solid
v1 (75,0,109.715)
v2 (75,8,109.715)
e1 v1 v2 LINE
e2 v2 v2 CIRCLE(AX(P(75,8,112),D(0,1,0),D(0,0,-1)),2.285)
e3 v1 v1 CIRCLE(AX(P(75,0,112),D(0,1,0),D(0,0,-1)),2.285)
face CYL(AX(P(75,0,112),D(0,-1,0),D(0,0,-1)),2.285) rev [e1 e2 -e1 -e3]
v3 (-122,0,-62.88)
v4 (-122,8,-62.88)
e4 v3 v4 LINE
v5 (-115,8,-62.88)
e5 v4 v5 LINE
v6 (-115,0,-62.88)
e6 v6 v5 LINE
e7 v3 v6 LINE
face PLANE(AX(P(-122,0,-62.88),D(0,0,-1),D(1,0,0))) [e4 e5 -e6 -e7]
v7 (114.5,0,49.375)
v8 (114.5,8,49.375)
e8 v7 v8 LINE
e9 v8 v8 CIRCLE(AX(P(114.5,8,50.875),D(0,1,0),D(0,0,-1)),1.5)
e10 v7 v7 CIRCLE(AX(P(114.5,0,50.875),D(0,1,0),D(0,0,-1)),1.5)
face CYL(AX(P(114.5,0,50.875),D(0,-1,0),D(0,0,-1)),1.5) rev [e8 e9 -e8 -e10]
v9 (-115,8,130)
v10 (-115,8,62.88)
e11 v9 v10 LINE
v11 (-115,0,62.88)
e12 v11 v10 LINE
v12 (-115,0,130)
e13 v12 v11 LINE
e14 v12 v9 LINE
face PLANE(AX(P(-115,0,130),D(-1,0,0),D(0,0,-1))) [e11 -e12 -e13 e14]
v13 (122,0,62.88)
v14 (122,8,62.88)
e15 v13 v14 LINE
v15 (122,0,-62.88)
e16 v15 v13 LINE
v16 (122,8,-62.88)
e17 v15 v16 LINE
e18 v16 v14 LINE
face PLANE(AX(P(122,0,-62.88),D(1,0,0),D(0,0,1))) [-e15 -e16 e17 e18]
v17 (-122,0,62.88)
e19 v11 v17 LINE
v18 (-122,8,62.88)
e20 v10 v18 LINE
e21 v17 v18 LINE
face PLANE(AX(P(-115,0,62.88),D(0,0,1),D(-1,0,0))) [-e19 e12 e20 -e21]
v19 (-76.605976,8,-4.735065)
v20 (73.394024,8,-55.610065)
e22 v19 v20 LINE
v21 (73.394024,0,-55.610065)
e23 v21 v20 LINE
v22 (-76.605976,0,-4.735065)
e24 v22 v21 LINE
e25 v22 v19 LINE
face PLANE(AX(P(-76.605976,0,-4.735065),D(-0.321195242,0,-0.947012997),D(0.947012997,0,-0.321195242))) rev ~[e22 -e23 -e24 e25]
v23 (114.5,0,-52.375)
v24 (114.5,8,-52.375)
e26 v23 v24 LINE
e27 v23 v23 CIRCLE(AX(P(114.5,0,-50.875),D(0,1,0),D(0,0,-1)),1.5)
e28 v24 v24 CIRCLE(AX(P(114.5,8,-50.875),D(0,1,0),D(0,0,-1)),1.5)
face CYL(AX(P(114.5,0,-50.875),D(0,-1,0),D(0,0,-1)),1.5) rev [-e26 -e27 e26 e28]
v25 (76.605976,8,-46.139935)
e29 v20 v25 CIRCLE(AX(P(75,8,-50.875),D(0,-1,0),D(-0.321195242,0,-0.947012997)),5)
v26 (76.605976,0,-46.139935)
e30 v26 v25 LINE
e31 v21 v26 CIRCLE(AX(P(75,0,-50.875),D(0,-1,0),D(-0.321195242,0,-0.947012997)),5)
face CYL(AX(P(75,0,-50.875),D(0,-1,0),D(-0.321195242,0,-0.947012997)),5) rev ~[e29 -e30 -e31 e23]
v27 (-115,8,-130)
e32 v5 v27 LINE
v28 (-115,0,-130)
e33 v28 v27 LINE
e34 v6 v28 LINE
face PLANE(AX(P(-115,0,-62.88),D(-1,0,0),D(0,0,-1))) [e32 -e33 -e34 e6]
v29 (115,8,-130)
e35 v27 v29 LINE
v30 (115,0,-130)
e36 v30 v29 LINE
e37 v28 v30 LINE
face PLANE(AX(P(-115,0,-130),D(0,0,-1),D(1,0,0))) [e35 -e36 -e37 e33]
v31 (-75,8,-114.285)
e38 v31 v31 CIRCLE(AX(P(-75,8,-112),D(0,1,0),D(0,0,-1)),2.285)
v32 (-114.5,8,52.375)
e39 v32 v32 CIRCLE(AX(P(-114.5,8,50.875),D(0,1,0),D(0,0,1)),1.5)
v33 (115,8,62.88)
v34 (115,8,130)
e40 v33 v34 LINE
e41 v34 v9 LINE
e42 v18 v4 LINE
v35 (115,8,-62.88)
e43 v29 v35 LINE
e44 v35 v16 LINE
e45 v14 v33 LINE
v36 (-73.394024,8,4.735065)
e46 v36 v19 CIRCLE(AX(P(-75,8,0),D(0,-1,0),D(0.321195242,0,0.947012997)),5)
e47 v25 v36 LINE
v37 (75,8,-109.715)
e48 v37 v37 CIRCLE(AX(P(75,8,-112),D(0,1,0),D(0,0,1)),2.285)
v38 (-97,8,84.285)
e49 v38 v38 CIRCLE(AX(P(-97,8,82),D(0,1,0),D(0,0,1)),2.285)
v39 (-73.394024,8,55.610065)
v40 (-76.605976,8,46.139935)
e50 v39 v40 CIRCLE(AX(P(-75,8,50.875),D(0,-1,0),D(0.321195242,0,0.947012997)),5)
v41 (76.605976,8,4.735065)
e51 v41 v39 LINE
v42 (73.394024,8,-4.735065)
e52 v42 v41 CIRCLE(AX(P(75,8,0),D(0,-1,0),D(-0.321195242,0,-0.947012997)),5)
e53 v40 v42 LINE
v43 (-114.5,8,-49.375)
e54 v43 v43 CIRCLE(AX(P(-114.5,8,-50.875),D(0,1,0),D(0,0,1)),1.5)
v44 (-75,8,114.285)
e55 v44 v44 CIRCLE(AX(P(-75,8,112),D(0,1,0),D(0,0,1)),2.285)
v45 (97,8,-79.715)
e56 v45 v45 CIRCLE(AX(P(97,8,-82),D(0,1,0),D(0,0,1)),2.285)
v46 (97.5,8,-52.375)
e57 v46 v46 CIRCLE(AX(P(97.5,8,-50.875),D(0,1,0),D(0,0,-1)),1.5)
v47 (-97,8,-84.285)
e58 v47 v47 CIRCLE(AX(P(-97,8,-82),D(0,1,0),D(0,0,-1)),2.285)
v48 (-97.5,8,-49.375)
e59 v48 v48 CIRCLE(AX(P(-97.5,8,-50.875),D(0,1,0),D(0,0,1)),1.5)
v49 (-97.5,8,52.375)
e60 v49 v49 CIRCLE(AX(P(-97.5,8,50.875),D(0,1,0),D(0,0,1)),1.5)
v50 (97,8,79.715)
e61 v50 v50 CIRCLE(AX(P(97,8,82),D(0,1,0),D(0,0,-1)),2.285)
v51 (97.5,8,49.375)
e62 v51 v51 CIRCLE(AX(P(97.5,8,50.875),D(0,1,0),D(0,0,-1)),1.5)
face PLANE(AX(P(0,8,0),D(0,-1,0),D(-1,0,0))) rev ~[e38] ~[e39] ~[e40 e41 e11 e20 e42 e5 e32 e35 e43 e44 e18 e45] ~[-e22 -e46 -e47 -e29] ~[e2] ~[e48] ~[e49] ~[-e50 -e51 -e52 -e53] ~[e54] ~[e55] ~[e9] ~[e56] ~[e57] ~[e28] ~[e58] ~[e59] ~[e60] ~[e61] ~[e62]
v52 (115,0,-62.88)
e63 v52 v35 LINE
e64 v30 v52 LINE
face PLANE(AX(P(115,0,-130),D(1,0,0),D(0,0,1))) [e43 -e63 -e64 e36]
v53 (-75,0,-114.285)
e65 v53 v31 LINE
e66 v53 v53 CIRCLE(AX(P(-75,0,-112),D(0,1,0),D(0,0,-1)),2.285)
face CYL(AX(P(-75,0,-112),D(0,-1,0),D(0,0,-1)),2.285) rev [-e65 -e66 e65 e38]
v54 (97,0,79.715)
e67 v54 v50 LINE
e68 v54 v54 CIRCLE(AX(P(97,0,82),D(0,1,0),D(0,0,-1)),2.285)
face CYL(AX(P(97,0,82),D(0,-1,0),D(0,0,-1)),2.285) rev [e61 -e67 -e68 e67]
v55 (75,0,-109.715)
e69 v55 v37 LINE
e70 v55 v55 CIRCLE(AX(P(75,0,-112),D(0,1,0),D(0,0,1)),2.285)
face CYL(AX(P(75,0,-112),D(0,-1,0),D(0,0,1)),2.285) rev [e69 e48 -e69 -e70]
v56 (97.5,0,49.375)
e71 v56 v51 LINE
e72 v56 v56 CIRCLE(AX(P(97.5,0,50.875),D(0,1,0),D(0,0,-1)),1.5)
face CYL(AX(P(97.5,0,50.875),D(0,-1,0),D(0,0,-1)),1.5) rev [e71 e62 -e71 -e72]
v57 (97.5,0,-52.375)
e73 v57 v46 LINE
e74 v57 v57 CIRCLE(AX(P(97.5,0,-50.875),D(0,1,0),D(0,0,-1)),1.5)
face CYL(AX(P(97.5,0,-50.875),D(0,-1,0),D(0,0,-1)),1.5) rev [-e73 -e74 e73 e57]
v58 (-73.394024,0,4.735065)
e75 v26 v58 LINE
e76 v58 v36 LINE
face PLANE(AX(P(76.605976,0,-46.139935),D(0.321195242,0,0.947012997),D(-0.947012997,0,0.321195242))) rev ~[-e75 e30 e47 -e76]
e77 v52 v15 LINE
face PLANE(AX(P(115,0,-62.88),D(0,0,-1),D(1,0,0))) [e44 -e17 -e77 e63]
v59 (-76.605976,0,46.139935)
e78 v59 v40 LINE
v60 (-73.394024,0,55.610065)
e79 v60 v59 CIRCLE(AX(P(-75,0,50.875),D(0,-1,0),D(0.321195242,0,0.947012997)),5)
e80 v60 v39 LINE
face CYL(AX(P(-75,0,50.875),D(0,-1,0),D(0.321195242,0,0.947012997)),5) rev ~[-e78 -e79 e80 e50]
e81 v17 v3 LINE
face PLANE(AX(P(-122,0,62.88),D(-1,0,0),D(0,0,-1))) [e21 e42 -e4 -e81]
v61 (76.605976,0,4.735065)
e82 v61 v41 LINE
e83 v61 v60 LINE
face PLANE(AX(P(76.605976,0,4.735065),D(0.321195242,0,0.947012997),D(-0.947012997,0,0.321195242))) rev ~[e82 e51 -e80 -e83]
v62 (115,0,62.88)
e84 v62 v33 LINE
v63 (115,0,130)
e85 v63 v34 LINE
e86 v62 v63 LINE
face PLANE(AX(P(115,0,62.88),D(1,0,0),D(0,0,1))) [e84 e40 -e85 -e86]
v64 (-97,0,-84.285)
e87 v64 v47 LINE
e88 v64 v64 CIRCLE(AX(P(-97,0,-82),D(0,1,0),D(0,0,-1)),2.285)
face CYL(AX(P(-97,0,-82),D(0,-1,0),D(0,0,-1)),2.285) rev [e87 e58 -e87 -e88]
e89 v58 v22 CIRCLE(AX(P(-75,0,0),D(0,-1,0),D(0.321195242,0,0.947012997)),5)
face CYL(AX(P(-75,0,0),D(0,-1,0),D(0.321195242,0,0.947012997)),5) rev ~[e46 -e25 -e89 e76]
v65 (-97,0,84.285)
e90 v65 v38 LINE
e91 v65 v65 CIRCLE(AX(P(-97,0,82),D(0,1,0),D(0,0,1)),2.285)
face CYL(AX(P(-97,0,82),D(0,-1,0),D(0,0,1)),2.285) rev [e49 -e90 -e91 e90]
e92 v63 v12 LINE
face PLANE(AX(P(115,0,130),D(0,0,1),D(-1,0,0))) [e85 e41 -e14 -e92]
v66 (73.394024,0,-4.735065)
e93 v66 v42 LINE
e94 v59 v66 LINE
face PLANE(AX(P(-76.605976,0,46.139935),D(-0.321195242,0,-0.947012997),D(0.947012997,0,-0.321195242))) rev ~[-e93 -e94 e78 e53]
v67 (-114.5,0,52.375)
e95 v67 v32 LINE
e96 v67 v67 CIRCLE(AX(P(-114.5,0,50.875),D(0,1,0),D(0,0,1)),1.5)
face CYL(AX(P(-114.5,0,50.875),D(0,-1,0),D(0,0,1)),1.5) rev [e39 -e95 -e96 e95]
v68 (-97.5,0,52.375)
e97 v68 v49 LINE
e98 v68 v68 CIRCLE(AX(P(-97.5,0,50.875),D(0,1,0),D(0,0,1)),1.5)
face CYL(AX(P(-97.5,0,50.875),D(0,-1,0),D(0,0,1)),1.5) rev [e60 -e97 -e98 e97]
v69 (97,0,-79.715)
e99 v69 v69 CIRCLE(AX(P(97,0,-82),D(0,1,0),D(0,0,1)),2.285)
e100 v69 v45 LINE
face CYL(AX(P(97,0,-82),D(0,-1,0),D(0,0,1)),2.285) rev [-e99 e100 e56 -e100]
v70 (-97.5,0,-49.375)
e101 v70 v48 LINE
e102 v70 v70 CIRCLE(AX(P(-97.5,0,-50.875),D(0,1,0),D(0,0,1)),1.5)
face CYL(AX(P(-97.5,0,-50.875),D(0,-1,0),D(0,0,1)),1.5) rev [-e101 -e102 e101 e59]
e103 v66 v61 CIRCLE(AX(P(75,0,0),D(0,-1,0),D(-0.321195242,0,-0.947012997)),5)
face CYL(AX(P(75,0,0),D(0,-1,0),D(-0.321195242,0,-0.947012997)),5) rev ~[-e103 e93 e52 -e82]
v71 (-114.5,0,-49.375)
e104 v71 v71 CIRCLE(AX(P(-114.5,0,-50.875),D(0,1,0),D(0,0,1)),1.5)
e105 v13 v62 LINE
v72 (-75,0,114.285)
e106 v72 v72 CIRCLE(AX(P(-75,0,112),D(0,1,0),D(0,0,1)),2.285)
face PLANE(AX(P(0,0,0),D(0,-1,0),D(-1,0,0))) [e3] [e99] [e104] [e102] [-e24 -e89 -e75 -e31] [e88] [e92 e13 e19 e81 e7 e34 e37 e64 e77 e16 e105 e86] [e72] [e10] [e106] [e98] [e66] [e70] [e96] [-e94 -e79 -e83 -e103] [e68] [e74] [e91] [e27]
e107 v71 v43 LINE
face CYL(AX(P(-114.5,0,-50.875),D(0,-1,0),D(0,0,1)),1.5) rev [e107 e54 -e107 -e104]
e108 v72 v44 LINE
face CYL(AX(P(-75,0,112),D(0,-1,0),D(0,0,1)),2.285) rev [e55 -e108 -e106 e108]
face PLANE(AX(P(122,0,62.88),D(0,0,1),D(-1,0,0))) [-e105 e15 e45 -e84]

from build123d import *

# Parameters (mm, degrees)
SKETCH1_R           = 2.285
SKETCH1_R_2         = 1.5
BOSS_EXTRUDE1_DEPTH = 8


with BuildPart() as part:
    # Sketch1 → Boss-Extrude1 (new body)
    with BuildSketch(Plane(origin=(0, 0, 0), x_dir=(1, 0, 0), z_dir=(0, 1, 0))):
        Polygon((-115, 130), (115, 130), (115, 62.88), (122, 62.88), (122, -62.88), (115, -62.88), (115, -130), (-115, -130), (-115, -62.88), (-122, -62.88), (-122, 62.88), (-115, 62.88), align=None)
        with Locations(Location((-75, -112, 0), (0, 0, 270))):
            Circle(SKETCH1_R, mode=Mode.SUBTRACT)
        with Locations(Location((-97, -82, 0), (0, 0, 270))):
            Circle(SKETCH1_R, mode=Mode.SUBTRACT)
        with Locations(Location((97, -82, 0), (0, 0, 90))):
            Circle(SKETCH1_R, mode=Mode.SUBTRACT)
        with Locations(Location((75, -112, 0), (0, 0, 90))):
            Circle(SKETCH1_R, mode=Mode.SUBTRACT)
        with Locations(Location((75, 112, 0), (0, 0, 270))):
            Circle(SKETCH1_R, mode=Mode.SUBTRACT)
        with Locations(Location((97, 82, 0), (0, 0, 270))):
            Circle(SKETCH1_R, mode=Mode.SUBTRACT)
        with Locations(Location((-97, 82, 0), (0, 0, 90))):
            Circle(SKETCH1_R, mode=Mode.SUBTRACT)
        with Locations(Location((-75, 112, 0), (0, 0, 90))):
            Circle(SKETCH1_R, mode=Mode.SUBTRACT)
        with Locations(Location((-114.5, 50.875, 0), (0, 0, 270))):
            Circle(SKETCH1_R_2, mode=Mode.SUBTRACT)
        with Locations(Location((-97.5, 50.875, 0), (0, 0, 270))):
            Circle(SKETCH1_R_2, mode=Mode.SUBTRACT)
        with Locations(Location((-114.5, -50.875, 0), (0, 0, 270))):
            Circle(SKETCH1_R_2, mode=Mode.SUBTRACT)
        with Locations(Location((-97.5, -50.875, 0), (0, 0, 270))):
            Circle(SKETCH1_R_2, mode=Mode.SUBTRACT)
        with Locations(Location((97.5, -50.875, 0), (0, 0, 90))):
            Circle(SKETCH1_R_2, mode=Mode.SUBTRACT)
        with Locations(Location((114.5, -50.875, 0), (0, 0, 90))):
            Circle(SKETCH1_R_2, mode=Mode.SUBTRACT)
        with Locations(Location((97.5, 50.875, 0), (0, 0, 90))):
            Circle(SKETCH1_R_2, mode=Mode.SUBTRACT)
        with Locations(Location((114.5, 50.875, 0), (0, 0, 90))):
            Circle(SKETCH1_R_2, mode=Mode.SUBTRACT)
        with BuildLine():
            Line((-76.605976208, 4.735064986), (73.394023792, 55.610064986))
            ThreePointArc((73.394023792, 55.610064986), (79.735064986, 52.480976208), (76.605976208, 46.139935014))
            Line((76.605976208, 46.139935014), (-73.394023792, -4.735064986))
            ThreePointArc((-73.394023792, -4.735064986), (-79.735064986, -1.605976208), (-76.605976208, 4.735064986))
        make_face(mode=Mode.SUBTRACT)
        with BuildLine():
            Line((-76.605976208, -46.139935014), (73.394023792, 4.735064986))
            ThreePointArc((73.394023792, 4.735064986), (79.735064986, 1.605976208), (76.605976208, -4.735064986))
            Line((76.605976208, -4.735064986), (-73.394023792, -55.610064986))
            ThreePointArc((-73.394023792, -55.610064986), (-79.735064986, -52.480976208), (-76.605976208, -46.139935014))
        make_face(mode=Mode.SUBTRACT)
    extrude(amount=BOSS_EXTRUDE1_DEPTH)


solid = part.part
